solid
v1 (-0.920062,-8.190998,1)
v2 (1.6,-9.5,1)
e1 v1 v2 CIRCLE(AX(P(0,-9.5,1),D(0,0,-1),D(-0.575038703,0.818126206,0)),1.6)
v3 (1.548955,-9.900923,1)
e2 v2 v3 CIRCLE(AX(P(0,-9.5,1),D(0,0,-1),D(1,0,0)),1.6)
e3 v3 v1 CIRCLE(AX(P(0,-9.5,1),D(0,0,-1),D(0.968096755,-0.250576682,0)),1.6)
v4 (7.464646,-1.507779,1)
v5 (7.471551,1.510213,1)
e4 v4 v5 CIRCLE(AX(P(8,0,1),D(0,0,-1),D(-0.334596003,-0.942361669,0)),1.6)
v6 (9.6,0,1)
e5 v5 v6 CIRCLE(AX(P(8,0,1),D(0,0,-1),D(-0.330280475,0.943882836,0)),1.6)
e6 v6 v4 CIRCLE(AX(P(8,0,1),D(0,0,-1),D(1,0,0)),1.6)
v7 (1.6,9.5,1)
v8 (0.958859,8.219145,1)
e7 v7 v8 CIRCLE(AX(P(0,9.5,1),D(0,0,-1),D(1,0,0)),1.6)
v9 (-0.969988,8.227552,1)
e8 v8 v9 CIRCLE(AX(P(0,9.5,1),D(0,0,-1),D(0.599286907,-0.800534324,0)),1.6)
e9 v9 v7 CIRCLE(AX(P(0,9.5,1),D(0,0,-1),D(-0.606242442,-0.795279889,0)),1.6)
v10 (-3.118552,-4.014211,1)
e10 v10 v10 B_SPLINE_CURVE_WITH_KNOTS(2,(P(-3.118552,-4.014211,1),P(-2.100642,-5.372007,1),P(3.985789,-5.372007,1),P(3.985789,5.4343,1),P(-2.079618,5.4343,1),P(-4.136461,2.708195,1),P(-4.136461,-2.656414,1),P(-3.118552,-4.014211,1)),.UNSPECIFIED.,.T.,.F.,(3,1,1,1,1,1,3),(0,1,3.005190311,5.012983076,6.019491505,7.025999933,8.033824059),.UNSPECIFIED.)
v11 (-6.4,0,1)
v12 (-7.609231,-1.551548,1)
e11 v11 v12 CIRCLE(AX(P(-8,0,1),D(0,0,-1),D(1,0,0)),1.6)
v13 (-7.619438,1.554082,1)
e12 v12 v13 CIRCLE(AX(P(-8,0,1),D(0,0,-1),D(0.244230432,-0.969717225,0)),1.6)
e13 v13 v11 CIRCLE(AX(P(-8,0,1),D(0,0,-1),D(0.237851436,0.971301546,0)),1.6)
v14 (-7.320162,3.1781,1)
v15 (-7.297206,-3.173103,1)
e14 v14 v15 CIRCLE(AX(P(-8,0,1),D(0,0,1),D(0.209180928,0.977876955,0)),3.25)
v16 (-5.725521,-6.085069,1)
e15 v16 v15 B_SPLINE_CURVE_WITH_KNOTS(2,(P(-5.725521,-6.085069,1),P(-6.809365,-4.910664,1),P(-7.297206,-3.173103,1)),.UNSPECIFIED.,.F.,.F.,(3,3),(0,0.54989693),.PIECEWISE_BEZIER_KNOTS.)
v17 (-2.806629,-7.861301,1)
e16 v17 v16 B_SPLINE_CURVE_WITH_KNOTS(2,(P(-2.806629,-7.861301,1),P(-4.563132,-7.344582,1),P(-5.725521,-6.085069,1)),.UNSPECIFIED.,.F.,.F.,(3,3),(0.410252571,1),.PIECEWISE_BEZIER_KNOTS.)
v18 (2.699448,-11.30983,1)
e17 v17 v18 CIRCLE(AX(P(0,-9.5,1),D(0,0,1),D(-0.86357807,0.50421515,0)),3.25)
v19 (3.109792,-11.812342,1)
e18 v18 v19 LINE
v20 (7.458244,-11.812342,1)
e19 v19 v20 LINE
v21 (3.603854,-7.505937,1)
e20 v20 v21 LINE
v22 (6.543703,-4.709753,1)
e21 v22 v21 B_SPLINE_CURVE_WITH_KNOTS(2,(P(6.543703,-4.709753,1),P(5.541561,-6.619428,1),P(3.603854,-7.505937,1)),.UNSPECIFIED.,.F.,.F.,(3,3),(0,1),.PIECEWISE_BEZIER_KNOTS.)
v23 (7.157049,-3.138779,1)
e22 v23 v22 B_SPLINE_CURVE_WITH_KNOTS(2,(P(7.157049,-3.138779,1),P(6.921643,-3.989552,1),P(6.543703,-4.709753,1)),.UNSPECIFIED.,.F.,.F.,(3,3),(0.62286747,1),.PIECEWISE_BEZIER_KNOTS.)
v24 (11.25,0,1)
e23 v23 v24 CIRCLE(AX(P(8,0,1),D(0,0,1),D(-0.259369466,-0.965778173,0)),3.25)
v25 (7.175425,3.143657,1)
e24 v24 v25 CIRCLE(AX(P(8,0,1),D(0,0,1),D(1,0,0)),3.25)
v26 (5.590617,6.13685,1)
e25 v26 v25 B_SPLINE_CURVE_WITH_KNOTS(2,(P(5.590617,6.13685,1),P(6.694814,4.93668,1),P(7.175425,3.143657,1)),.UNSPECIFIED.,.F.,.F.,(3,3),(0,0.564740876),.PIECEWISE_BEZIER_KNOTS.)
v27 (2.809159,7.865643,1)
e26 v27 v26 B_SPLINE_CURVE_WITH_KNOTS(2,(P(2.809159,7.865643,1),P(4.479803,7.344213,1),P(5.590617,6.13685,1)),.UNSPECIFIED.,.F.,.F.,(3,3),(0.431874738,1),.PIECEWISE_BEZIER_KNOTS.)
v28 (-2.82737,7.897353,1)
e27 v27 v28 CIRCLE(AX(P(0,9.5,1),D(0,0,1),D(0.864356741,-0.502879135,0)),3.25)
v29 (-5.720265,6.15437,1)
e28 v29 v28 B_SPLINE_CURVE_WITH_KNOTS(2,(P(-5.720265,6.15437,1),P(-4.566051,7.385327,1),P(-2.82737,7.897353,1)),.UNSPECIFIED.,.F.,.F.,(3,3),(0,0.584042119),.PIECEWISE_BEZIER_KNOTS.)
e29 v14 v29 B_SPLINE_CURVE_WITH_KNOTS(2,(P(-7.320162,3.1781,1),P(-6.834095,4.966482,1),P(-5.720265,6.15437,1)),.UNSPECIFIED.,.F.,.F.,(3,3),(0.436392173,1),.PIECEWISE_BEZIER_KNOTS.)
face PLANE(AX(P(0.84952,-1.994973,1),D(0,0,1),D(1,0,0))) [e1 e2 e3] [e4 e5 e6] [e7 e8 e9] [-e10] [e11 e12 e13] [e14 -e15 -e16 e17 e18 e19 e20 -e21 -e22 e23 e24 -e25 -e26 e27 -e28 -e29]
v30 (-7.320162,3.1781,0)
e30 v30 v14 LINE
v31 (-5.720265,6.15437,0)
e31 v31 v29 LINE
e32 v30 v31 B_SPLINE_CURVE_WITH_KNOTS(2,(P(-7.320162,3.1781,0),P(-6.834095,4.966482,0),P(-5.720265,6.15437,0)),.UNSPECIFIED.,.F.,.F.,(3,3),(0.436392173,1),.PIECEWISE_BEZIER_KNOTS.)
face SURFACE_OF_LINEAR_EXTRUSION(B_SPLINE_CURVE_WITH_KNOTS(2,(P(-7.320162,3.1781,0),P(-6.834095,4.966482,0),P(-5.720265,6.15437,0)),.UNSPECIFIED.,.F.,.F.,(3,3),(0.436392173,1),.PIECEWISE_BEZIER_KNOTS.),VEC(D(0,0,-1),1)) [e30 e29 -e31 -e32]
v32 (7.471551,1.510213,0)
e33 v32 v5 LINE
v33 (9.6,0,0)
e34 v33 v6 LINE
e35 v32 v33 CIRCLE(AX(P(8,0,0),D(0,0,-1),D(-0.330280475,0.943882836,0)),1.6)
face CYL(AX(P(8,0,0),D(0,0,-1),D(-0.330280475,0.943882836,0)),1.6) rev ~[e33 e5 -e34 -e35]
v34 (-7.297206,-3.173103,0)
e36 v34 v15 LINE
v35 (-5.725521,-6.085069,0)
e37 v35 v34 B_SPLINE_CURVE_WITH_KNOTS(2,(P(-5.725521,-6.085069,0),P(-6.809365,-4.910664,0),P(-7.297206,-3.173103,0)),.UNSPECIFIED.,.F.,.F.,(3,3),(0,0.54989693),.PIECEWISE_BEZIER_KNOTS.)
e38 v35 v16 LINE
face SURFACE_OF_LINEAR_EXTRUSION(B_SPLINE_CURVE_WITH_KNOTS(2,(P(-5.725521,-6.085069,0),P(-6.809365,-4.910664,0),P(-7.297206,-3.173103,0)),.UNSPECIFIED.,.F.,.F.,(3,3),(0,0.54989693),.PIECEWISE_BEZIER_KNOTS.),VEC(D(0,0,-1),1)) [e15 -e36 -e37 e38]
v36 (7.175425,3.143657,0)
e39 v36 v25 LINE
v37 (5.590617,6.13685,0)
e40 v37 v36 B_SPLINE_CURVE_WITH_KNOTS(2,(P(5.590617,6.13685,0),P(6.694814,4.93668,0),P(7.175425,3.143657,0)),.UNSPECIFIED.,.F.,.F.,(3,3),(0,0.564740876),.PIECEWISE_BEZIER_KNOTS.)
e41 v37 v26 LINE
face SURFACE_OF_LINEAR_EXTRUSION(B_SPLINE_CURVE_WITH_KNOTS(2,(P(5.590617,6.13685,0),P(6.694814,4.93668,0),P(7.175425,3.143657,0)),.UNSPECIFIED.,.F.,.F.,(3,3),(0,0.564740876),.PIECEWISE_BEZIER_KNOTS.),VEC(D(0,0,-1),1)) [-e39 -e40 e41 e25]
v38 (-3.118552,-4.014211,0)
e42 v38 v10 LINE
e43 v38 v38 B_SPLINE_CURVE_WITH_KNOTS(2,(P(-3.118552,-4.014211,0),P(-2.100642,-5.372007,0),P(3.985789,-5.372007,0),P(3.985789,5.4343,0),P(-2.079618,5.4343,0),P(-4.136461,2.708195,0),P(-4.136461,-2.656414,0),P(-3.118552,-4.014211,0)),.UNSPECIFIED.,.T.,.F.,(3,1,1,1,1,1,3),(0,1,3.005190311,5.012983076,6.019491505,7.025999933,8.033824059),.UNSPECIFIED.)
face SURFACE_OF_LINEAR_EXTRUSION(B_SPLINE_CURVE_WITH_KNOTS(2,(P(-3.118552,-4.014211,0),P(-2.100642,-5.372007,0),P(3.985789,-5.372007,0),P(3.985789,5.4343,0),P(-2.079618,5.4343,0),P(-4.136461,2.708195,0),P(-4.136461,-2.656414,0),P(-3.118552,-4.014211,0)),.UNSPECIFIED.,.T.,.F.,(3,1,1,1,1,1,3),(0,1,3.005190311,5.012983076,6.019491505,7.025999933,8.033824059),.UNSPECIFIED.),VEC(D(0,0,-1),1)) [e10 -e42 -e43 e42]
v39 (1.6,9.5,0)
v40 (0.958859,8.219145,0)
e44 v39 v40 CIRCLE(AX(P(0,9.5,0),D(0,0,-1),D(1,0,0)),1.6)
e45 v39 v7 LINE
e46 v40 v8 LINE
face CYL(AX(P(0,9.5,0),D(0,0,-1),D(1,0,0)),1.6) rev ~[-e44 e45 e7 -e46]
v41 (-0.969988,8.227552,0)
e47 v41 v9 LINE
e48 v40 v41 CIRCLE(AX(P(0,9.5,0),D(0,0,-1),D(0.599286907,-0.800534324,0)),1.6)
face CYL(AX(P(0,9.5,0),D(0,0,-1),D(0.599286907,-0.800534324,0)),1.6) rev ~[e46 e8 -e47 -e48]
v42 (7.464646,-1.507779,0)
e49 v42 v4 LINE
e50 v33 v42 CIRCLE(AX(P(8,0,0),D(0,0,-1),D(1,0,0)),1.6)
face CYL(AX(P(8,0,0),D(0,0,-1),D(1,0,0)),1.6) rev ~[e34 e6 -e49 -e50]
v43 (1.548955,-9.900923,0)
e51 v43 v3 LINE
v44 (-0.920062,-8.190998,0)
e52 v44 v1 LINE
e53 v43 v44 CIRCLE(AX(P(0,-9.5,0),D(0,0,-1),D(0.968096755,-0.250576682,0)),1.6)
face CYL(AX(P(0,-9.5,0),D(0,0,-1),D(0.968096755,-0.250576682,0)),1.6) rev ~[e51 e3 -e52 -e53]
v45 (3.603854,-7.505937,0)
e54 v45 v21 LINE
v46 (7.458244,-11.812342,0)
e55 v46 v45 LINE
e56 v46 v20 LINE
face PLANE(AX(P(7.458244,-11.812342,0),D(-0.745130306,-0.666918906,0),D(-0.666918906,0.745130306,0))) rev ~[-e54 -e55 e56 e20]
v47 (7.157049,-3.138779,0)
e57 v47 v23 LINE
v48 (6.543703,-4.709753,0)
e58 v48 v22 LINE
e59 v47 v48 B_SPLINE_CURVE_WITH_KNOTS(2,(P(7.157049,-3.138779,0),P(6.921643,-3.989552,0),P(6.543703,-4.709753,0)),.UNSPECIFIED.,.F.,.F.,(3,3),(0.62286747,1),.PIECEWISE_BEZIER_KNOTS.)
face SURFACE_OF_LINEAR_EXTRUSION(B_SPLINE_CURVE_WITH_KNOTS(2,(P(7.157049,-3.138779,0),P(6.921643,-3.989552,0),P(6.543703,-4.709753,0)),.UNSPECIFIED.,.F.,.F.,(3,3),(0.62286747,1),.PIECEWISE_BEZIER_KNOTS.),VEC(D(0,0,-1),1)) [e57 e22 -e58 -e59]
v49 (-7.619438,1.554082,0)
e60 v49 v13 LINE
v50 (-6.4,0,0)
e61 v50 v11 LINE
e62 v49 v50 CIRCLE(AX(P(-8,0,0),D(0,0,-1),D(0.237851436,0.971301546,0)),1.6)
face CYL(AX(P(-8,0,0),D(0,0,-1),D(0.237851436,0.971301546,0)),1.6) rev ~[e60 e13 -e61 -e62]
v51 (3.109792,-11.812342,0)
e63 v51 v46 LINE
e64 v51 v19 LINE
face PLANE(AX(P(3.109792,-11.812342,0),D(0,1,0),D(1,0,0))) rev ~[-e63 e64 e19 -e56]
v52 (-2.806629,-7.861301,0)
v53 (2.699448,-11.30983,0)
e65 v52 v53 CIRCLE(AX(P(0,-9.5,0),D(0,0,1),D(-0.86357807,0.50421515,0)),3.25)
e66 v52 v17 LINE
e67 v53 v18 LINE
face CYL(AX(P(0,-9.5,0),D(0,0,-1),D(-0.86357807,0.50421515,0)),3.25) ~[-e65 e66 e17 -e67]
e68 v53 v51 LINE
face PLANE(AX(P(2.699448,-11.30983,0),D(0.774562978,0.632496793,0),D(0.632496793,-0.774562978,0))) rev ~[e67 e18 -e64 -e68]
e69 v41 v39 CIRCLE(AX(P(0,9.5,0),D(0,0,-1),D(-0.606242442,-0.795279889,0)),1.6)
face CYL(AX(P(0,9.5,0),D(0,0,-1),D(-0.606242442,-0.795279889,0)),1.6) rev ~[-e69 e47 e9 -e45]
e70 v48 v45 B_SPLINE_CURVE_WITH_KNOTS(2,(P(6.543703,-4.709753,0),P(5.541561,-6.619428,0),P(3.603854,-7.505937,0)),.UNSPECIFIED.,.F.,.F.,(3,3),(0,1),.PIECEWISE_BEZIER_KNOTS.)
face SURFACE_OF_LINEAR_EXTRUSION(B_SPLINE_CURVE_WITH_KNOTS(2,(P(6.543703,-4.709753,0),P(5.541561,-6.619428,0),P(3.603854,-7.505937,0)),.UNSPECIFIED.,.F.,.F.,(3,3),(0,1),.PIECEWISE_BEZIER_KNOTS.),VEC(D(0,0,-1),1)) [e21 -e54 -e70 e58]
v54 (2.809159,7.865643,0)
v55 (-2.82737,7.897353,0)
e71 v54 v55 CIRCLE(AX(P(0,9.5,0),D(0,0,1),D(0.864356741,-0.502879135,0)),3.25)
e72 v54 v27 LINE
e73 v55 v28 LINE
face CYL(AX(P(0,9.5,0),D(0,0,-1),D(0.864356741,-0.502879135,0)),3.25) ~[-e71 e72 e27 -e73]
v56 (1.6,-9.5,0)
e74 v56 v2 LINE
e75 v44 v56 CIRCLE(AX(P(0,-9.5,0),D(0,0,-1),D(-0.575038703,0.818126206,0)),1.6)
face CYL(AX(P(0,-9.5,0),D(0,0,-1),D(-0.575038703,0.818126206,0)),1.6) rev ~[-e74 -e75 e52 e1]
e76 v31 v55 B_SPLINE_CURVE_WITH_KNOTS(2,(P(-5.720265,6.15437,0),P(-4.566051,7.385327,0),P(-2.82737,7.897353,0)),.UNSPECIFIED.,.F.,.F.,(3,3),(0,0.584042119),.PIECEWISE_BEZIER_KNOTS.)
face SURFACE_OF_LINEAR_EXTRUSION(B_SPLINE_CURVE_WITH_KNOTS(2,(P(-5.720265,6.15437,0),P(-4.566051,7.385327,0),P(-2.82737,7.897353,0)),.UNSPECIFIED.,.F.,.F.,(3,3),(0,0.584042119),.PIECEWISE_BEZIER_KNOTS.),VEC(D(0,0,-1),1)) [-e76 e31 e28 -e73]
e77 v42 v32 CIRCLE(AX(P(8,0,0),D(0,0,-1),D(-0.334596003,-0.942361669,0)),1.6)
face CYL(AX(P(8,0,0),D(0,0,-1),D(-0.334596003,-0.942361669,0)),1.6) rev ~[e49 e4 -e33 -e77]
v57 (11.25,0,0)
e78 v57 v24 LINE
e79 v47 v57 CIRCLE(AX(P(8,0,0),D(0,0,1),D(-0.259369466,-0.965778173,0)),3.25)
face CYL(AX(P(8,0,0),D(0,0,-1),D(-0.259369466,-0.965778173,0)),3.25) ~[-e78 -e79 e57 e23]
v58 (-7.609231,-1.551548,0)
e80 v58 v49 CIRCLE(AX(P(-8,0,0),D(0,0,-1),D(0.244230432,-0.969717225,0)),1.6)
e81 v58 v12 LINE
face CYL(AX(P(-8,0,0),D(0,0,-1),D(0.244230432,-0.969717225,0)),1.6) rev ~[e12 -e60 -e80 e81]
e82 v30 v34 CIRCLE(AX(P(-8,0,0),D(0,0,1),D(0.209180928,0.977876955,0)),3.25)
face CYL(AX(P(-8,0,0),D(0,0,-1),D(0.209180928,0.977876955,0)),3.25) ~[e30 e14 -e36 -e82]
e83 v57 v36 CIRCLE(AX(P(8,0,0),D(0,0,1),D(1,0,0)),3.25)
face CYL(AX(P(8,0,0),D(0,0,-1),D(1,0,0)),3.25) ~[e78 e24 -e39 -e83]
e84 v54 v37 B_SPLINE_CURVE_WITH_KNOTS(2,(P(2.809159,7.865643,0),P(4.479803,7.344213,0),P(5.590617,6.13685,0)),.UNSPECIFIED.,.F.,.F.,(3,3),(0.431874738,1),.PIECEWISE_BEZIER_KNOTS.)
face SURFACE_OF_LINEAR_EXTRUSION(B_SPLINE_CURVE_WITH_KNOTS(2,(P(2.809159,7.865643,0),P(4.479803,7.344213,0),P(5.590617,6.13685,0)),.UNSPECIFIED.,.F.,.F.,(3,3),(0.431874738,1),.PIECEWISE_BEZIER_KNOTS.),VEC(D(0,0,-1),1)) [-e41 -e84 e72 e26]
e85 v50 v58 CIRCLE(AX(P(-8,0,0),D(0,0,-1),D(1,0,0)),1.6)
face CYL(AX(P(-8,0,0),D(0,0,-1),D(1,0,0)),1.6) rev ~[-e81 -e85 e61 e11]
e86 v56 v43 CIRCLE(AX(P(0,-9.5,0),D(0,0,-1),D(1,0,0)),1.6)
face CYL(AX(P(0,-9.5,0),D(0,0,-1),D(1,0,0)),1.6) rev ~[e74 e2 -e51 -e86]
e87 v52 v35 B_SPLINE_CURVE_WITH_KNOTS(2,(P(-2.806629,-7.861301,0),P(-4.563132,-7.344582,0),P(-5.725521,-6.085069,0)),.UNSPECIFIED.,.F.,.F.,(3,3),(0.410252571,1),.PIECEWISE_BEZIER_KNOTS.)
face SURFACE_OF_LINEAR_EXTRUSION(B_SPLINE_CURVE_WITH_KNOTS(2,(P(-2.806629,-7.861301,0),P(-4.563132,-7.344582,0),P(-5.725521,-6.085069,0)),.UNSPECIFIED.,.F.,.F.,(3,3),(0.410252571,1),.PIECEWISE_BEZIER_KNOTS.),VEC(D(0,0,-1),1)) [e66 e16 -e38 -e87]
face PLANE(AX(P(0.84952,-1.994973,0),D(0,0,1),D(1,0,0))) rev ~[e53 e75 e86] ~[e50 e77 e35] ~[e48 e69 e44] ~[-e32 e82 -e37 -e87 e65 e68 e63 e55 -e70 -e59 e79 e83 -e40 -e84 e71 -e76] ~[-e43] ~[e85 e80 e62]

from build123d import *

# Parameters (mm, degrees)
F1_DEPTH = 1


with BuildPart() as f1:
    # F0 (on Top) → F1 (new body)
    with BuildSketch(Plane.XY):
        with BuildLine():
            ThreePointArc((2.8091594088, 7.8656428127), (-0.0182836438, 6.2500514299), (-2.8273702301, 7.8973529453))
            add(Edge.make_bspline(
                [(-5.720264746, 6.154370255), (-4.5660510818, 7.385326849), (-2.8273702301, 7.8973529453)],
                knots=[0, 0, 0, 0.5840421191, 0.5840421191, 0.5840421191], degree=2))
            add(Edge.make_bspline(
                [(-7.3201619849, 3.1781001043), (-6.8340951252, 4.9664820048), (-5.720264746, 6.154370255)],
                knots=[0.4363921732, 0.4363921732, 0.4363921732, 1, 1, 1], degree=2))
            ThreePointArc((-7.3201619849, 3.1781001043), (-5.4729489965, 2.0436519335), (-4.75, 0))
            ThreePointArc((-4.75, 0), (-5.4655789709, -2.0345048654), (-7.297206183, -3.1731027167))
            add(Edge.make_bspline(
                [(-5.7255207319, -6.0850691065), (-6.8093646897, -4.9106639648), (-7.297206183, -3.1731027167)],
                knots=[0, 0, 0, 0.5498969295, 0.5498969295, 0.5498969295], degree=2))
            add(Edge.make_bspline(
                [(-2.806628726, -7.8613007614), (-4.5631316501, -7.3445822538), (-5.7255207319, -6.0850691065)],
                knots=[0.4102525715, 0.4102525715, 0.4102525715, 1, 1, 1], degree=2))
            ThreePointArc((-2.806628726, -7.8613007614), (0.8488099436, -6.3628003443), (3.25, -9.5))
            ThreePointArc((3.25, -9.5), (3.1093170057, -10.4458582125), (2.6994475334, -11.309829554))
            Line((2.6994475334, -11.309829554), (3.1097917072, -11.8123418338))
            Line((3.1097917072, -11.8123418338), (7.4582441113, -11.8123418338))
            Line((7.4582441113, -11.8123418338), (3.6038543897, -7.5059373175))
            add(Edge.make_bspline(
                [(6.5437025501, -4.709752774), (5.5415612225, -6.6194276815), (3.6038543897, -7.5059373175)],
                knots=[0, 0, 0, 1, 1, 1], degree=2))
            add(Edge.make_bspline(
                [(7.1570492352, -3.1387790633), (6.9216426448, -3.989552244), (6.5437025501, -4.709752774)],
                knots=[0.6228674697, 0.6228674697, 0.6228674697, 1, 1, 1], degree=2))
            ThreePointArc((7.1570492352, -3.1387790633), (4.7500139025, 0.0095061147), (7.1754251763, 3.1436565271))
            add(Edge.make_bspline(
                [(5.5906170917, 6.1368503017), (6.6948135803, 4.9366797455), (7.1754251763, 3.1436565271)],
                knots=[0, 0, 0, 0.5647408764, 0.5647408764, 0.5647408764], degree=2))
            add(Edge.make_bspline(
                [(2.8091594088, 7.8656428127), (4.4798033615, 7.344213254), (5.5906170917, 6.1368503017)],
                knots=[0.4318747379, 0.4318747379, 0.4318747379, 1, 1, 1], degree=2))
        make_face()
        with BuildLine():
            add(Edge.make_bspline(
                [(-4.1364609694, 0.027642593), (-4.1364609694, -2.6564142496), (-3.1185516839, -4.0142106288)],
                knots=[0, 0, 0, 1, 1, 1], degree=2))
            add(Edge.make_bspline(
                [(-3.1080397119, 4.07124781), (-4.1364609694, 2.7081954448), (-4.1364609694, 0.027642593)],
                knots=[0, 0, 0, 1, 1, 1], degree=2))
            add(Edge.make_bspline(
                [(-0.0543118552, 5.4343001752), (-2.0796184544, 5.4343001752), (-3.1080397119, 4.07124781)],
                knots=[0, 0, 0, 1, 1, 1], degree=2))
            add(Edge.make_bspline(
                [(3.9857893712, 0.027642593), (3.9857893712, 5.4343001752), (-0.0543118552, 5.4343001752)],
                knots=[0, 0, 0, 1, 1, 1], degree=2))
            add(Edge.make_bspline(
                [(-0.0753357991, -5.372007008), (3.9857893712, -5.372007008), (3.9857893712, 0.027642593)],
                knots=[0, 0, 0, 1, 1, 1], degree=2))
            add(Edge.make_bspline(
                [(-3.1185516839, -4.0142106288), (-2.1006423983, -5.372007008), (-0.0753357991, -5.372007008)],
                knots=[0, 0, 0, 1, 1, 1], degree=2))
        make_face(mode=Mode.SUBTRACT)
        with BuildLine():
            ThreePointArc((-4.75, 0), (-5.4729489965, 2.0436519335), (-7.3201619849, 3.1781001043))
            add(Edge.make_bspline(
                [(-7.6194377018, 1.5540824744), (-7.5261966884, 2.4200382715), (-7.3201619849, 3.1781001043)],
                knots=[0.1974892956, 0.1974892956, 0.1974892956, 0.4363921732, 0.4363921732, 0.4363921732], degree=2))
            ThreePointArc((-7.6194377018, 1.5540824744), (-6.7412506848, 0.9876994287), (-6.4, 0))
            ThreePointArc((-6.4, 0), (-6.7380115086, -0.9835573433), (-7.6092313094, -1.5515475598))
            add(Edge.make_bspline(
                [(-7.297206183, -3.1731027167), (-7.5098248794, -2.4158116446), (-7.6092313094, -1.5515475598)],
                knots=[0.5498969295, 0.5498969295, 0.5498969295, 0.7895615949, 0.7895615949, 0.7895615949], degree=2))
            ThreePointArc((-7.297206183, -3.1731027167), (-5.4655789709, -2.0345048654), (-4.75, 0))
        make_face()
        with BuildLine():
            add(Edge.make_bspline(
                [(-7.6194377018, 1.5540824744), (-7.5261966884, 2.4200382715), (-7.3201619849, 3.1781001043)],
                knots=[0.1974892956, 0.1974892956, 0.1974892956, 0.4363921732, 0.4363921732, 0.4363921732], degree=2))
            ThreePointArc((-7.3201619849, 3.1781001043), (-11.2499787714, -0.0117467307), (-7.297206183, -3.1731027167))
            add(Edge.make_bspline(
                [(-7.297206183, -3.1731027167), (-7.5098248794, -2.4158116446), (-7.6092313094, -1.5515475598)],
                knots=[0.5498969295, 0.5498969295, 0.5498969295, 0.7895615949, 0.7895615949, 0.7895615949], degree=2))
            ThreePointArc((-7.6092313094, -1.5515475598), (-9.5999913596, -0.0052582373), (-7.6194377018, 1.5540824744))
        make_face()
        with BuildLine():
            ThreePointArc((-0.9699879076, 8.2275521782), (-0.7099363872, 10.933872493), (1.6, 9.5))
            ThreePointArc((1.6, 9.5), (1.4307645651, 8.7838207212), (0.9588590508, 8.2191450821))
            add(Edge.make_bspline(
                [(0.9588590508, 8.2191450821), (1.9568612557, 8.1316560761), (2.8091594088, 7.8656428127)],
                knots=[0.1420391264, 0.1420391264, 0.1420391264, 0.4318747379, 0.4318747379, 0.4318747379], degree=2))
            ThreePointArc((2.8091594088, 7.8656428127), (3.1378550061, 8.6536159497), (3.25, 9.5))
            ThreePointArc((3.25, 9.5), (-0.828717911, 12.6425668846), (-2.8273702301, 7.8973529453))
            add(Edge.make_bspline(
                [(-2.8273702301, 7.8973529453), (-1.9697764553, 8.1499067089), (-0.9699879076, 8.2275521782)],
                knots=[0.5840421191, 0.5840421191, 0.5840421191, 0.8721173486, 0.8721173486, 0.8721173486], degree=2))
        make_face()
        with BuildLine():
            ThreePointArc((0.9588590508, 8.2191450821), (-0.0069737135, 7.9000151978), (-0.9699879076, 8.2275521782))
            add(Edge.make_bspline(
                [(-2.8273702301, 7.8973529453), (-1.9697764553, 8.1499067089), (-0.9699879076, 8.2275521782)],
                knots=[0.5840421191, 0.5840421191, 0.5840421191, 0.8721173486, 0.8721173486, 0.8721173486], degree=2))
            ThreePointArc((-2.8273702301, 7.8973529453), (-0.0182836438, 6.2500514299), (2.8091594088, 7.8656428127))
            add(Edge.make_bspline(
                [(0.9588590508, 8.2191450821), (1.9568612557, 8.1316560761), (2.8091594088, 7.8656428127)],
                knots=[0.1420391264, 0.1420391264, 0.1420391264, 0.4318747379, 0.4318747379, 0.4318747379], degree=2))
        make_face()
        with BuildLine():
            ThreePointArc((11.25, 0), (9.9852747698, 2.5731661603), (7.1754251763, 3.1436565271))
            add(Edge.make_bspline(
                [(7.1754251763, 3.1436565271), (7.3799542085, 2.38061771), (7.4715512401, 1.5102125374)],
                knots=[0.5647408764, 0.5647408764, 0.5647408764, 0.8050719584, 0.8050719584, 0.8050719584], degree=2))
            ThreePointArc((7.4715512401, 1.5102125374), (8.9258730972, 1.3048980833), (9.6, 0))
            ThreePointArc((9.6, 0), (8.9228852132, -1.3070129622), (7.4646463959, -1.5077786703))
            add(Edge.make_bspline(
                [(7.4646463959, -1.5077786703), (7.3681667944, -2.3757878614), (7.1570492352, -3.1387790633)],
                knots=[0.2846471201, 0.2846471201, 0.2846471201, 0.6228674697, 0.6228674697, 0.6228674697], degree=2))
            ThreePointArc((7.1570492352, -3.1387790633), (9.9777398735, -2.5789619991), (11.25, 0))
        make_face()
        with BuildLine():
            add(Edge.make_bspline(
                [(7.1754251763, 3.1436565271), (7.3799542085, 2.38061771), (7.4715512401, 1.5102125374)],
                knots=[0.5647408764, 0.5647408764, 0.5647408764, 0.8050719584, 0.8050719584, 0.8050719584], degree=2))
            ThreePointArc((7.1754251763, 3.1436565271), (4.7500139025, 0.0095061147), (7.1570492352, -3.1387790633))
            add(Edge.make_bspline(
                [(7.4646463959, -1.5077786703), (7.3681667944, -2.3757878614), (7.1570492352, -3.1387790633)],
                knots=[0.2846471201, 0.2846471201, 0.2846471201, 0.6228674697, 0.6228674697, 0.6228674697], degree=2))
            ThreePointArc((7.4646463959, -1.5077786703), (6.4000041876, 0.003660621), (7.4715512401, 1.5102125374))
        make_face()
        with BuildLine():
            ThreePointArc((3.25, -9.5), (0.8488099436, -6.3628003443), (-2.806628726, -7.8613007614))
            add(Edge.make_bspline(
                [(-0.9200619255, -8.1909980698), (-1.9362792045, -8.1173354651), (-2.806628726, -7.8613007614)],
                knots=[0.1180319409, 0.1180319409, 0.1180319409, 0.4102525715, 0.4102525715, 0.4102525715], degree=2))
            ThreePointArc((-0.9200619255, -8.1909980698), (0.737529972, -8.0801234066), (1.6, -9.5))
            ThreePointArc((1.6, -9.5), (1.587187401, -9.7020795735), (1.5489548075, -9.9009226913))
            Line((1.5489548075, -9.9009226913), (2.6994475334, -11.309829554))
            ThreePointArc((2.6994475334, -11.309829554), (3.1093170057, -10.4458582125), (3.25, -9.5))
        make_face()
        with BuildLine():
            add(Edge.make_bspline(
                [(-0.9200619255, -8.1909980698), (-1.9362792045, -8.1173354651), (-2.806628726, -7.8613007614)],
                knots=[0.1180319409, 0.1180319409, 0.1180319409, 0.4102525715, 0.4102525715, 0.4102525715], degree=2))
            ThreePointArc((-2.806628726, -7.8613007614), (-1.7250970003, -12.2543675026), (2.6994475334, -11.309829554))
            Line((2.6994475334, -11.309829554), (1.5489548075, -9.9009226913))
            ThreePointArc((1.5489548075, -9.9009226913), (-0.9109539599, -10.8153565612), (-0.9200619255, -8.1909980698))
        make_face()
    extrude(amount=F1_DEPTH)


solid = f1.part
